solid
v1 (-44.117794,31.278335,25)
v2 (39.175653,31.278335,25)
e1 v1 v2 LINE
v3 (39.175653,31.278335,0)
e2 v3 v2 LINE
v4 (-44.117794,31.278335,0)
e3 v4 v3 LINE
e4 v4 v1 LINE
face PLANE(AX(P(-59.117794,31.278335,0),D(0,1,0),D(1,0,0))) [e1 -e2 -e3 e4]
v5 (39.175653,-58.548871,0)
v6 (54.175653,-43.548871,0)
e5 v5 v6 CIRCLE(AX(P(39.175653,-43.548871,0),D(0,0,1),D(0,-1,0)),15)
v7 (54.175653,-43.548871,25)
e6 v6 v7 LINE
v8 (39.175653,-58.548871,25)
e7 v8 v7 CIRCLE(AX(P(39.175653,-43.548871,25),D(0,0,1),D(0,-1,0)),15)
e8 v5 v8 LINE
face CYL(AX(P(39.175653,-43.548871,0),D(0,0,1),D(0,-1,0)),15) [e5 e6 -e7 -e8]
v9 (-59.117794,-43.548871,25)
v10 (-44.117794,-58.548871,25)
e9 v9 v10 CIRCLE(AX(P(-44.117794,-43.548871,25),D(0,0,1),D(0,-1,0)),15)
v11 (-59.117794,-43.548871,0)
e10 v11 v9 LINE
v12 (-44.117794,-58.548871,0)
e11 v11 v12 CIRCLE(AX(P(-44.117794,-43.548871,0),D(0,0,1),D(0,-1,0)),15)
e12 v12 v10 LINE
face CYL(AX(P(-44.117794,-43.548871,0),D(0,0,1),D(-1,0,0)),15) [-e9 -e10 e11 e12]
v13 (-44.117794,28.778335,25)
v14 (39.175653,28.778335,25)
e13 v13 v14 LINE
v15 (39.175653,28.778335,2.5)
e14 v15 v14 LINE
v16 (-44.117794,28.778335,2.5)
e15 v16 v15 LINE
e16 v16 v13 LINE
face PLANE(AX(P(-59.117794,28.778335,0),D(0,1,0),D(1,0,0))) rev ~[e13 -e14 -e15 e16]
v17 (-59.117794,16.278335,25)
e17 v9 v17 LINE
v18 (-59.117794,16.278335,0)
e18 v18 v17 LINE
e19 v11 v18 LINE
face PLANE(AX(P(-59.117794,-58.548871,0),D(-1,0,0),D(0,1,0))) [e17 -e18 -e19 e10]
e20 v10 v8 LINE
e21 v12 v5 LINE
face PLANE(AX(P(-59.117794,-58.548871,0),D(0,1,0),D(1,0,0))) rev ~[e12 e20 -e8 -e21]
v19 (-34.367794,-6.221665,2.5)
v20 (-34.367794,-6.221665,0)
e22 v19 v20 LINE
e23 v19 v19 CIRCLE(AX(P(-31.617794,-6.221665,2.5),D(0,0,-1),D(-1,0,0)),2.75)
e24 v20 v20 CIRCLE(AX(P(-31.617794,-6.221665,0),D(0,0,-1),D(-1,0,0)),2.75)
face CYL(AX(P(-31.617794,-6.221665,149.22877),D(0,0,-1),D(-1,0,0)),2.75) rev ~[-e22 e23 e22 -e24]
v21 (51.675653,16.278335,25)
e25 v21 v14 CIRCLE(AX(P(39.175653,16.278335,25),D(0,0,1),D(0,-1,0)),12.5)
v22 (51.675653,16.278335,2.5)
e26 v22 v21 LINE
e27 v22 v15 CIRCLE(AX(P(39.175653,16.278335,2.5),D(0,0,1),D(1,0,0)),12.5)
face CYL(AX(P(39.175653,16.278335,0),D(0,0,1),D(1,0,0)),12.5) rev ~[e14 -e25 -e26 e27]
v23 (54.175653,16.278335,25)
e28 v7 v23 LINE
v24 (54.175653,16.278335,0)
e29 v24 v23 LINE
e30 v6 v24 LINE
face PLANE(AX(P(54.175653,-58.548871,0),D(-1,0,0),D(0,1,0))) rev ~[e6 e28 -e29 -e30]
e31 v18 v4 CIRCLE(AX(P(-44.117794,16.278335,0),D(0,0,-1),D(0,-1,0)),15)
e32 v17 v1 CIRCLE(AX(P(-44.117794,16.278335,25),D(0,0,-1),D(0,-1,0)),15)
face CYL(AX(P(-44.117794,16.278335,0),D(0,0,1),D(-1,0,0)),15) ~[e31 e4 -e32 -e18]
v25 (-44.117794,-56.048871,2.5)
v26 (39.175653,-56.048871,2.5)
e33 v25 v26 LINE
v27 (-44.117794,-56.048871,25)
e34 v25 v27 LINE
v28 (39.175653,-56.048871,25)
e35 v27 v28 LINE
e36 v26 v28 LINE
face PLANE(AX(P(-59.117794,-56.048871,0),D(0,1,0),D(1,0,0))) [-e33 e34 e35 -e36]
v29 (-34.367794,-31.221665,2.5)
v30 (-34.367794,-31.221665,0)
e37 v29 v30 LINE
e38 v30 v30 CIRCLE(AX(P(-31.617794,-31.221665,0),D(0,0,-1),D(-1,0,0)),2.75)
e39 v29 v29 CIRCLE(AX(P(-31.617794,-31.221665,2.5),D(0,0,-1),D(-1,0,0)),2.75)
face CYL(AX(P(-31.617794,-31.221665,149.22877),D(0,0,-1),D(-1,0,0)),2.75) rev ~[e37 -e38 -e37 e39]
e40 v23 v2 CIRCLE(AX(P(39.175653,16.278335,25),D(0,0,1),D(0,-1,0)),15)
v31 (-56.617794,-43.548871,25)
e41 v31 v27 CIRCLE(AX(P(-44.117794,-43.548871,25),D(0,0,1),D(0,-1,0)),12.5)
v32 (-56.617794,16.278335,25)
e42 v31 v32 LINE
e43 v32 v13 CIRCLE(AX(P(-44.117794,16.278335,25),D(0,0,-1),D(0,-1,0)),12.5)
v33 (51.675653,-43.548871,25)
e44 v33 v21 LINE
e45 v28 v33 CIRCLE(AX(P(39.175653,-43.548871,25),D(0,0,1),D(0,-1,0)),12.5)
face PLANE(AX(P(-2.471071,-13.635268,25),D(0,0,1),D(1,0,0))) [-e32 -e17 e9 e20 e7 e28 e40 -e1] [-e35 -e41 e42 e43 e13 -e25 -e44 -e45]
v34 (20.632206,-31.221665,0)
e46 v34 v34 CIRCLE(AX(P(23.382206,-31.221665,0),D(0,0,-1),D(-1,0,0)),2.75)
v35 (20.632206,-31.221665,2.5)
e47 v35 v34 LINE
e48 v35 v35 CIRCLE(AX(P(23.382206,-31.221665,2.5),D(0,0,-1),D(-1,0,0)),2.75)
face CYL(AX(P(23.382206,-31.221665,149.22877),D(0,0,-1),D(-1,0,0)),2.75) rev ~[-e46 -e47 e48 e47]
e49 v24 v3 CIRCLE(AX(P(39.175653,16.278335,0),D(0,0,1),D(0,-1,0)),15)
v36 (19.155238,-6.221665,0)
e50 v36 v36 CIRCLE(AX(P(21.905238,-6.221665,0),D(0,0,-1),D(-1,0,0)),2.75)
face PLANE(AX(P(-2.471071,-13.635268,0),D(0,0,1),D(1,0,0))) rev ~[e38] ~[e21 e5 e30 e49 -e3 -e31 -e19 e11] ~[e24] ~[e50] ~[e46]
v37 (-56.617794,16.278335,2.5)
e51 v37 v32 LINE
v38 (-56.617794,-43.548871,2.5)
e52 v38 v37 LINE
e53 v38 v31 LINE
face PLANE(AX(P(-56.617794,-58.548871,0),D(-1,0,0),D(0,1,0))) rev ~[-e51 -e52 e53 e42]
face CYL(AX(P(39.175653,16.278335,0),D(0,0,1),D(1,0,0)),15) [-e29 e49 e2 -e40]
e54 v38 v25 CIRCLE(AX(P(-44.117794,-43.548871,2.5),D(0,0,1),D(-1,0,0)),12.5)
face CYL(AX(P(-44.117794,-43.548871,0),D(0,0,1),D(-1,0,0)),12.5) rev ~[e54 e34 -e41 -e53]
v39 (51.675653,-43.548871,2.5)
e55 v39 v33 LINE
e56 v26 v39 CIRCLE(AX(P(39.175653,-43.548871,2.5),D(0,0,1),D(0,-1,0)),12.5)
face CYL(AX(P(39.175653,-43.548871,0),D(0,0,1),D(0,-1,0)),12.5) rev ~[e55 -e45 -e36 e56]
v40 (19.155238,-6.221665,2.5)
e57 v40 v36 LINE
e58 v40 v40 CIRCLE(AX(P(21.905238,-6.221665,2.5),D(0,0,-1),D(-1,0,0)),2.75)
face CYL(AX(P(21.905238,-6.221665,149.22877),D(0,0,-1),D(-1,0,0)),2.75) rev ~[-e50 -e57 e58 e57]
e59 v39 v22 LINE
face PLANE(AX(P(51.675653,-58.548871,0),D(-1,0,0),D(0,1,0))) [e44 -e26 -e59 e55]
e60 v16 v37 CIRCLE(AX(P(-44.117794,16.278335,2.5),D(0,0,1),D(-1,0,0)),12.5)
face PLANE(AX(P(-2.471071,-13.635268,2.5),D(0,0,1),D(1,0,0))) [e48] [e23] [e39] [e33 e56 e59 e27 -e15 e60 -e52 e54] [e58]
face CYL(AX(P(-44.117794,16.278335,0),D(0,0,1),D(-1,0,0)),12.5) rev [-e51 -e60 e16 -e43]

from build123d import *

# Parameters (mm, degrees)
F0_W     = 113.2934466004
F0_H     = 89.8272059858
F1_DEPTH = 25
F2_R     = 15
F3_T     = -2.5
F5_D     = 5.5


with BuildPart() as f1:
    # F0 (on Top) → F1 (new body)
    with BuildSketch(Plane.XY):
        with Locations((-2.4710707366, -13.6352684349)):
            Rectangle(F0_W, F0_H)
    extrude(amount=F1_DEPTH)

    # F2
    f2_edges = [f1.edges().sort_by_distance(p)[0] for p in [
        (-59.117794, -58.548871, 12.5),
        (54.175653, -58.548871, 12.5),
        (54.175653, 31.278335, 12.5),
        (-59.117794, 31.278335, 12.5),
    ]]
    fillet(f2_edges, radius=F2_R)

    # F3
    f3_openings = [f1.faces().sort_by_distance(p)[0] for p in [
        (-2.471071, -13.635268, 25),
    ]]
    offset(amount=F3_T, openings=f3_openings)

    # F5 (through all)
    with Locations(Plane.XY.offset(2.5)):
        with Locations((-31.6177940369, -6.221665442), (-31.6177940369, -31.221665442), (21.9052377621, -6.221665442), (23.3822059631, -31.221665442)):
            Hole(F5_D / 2)


solid = f1.part
